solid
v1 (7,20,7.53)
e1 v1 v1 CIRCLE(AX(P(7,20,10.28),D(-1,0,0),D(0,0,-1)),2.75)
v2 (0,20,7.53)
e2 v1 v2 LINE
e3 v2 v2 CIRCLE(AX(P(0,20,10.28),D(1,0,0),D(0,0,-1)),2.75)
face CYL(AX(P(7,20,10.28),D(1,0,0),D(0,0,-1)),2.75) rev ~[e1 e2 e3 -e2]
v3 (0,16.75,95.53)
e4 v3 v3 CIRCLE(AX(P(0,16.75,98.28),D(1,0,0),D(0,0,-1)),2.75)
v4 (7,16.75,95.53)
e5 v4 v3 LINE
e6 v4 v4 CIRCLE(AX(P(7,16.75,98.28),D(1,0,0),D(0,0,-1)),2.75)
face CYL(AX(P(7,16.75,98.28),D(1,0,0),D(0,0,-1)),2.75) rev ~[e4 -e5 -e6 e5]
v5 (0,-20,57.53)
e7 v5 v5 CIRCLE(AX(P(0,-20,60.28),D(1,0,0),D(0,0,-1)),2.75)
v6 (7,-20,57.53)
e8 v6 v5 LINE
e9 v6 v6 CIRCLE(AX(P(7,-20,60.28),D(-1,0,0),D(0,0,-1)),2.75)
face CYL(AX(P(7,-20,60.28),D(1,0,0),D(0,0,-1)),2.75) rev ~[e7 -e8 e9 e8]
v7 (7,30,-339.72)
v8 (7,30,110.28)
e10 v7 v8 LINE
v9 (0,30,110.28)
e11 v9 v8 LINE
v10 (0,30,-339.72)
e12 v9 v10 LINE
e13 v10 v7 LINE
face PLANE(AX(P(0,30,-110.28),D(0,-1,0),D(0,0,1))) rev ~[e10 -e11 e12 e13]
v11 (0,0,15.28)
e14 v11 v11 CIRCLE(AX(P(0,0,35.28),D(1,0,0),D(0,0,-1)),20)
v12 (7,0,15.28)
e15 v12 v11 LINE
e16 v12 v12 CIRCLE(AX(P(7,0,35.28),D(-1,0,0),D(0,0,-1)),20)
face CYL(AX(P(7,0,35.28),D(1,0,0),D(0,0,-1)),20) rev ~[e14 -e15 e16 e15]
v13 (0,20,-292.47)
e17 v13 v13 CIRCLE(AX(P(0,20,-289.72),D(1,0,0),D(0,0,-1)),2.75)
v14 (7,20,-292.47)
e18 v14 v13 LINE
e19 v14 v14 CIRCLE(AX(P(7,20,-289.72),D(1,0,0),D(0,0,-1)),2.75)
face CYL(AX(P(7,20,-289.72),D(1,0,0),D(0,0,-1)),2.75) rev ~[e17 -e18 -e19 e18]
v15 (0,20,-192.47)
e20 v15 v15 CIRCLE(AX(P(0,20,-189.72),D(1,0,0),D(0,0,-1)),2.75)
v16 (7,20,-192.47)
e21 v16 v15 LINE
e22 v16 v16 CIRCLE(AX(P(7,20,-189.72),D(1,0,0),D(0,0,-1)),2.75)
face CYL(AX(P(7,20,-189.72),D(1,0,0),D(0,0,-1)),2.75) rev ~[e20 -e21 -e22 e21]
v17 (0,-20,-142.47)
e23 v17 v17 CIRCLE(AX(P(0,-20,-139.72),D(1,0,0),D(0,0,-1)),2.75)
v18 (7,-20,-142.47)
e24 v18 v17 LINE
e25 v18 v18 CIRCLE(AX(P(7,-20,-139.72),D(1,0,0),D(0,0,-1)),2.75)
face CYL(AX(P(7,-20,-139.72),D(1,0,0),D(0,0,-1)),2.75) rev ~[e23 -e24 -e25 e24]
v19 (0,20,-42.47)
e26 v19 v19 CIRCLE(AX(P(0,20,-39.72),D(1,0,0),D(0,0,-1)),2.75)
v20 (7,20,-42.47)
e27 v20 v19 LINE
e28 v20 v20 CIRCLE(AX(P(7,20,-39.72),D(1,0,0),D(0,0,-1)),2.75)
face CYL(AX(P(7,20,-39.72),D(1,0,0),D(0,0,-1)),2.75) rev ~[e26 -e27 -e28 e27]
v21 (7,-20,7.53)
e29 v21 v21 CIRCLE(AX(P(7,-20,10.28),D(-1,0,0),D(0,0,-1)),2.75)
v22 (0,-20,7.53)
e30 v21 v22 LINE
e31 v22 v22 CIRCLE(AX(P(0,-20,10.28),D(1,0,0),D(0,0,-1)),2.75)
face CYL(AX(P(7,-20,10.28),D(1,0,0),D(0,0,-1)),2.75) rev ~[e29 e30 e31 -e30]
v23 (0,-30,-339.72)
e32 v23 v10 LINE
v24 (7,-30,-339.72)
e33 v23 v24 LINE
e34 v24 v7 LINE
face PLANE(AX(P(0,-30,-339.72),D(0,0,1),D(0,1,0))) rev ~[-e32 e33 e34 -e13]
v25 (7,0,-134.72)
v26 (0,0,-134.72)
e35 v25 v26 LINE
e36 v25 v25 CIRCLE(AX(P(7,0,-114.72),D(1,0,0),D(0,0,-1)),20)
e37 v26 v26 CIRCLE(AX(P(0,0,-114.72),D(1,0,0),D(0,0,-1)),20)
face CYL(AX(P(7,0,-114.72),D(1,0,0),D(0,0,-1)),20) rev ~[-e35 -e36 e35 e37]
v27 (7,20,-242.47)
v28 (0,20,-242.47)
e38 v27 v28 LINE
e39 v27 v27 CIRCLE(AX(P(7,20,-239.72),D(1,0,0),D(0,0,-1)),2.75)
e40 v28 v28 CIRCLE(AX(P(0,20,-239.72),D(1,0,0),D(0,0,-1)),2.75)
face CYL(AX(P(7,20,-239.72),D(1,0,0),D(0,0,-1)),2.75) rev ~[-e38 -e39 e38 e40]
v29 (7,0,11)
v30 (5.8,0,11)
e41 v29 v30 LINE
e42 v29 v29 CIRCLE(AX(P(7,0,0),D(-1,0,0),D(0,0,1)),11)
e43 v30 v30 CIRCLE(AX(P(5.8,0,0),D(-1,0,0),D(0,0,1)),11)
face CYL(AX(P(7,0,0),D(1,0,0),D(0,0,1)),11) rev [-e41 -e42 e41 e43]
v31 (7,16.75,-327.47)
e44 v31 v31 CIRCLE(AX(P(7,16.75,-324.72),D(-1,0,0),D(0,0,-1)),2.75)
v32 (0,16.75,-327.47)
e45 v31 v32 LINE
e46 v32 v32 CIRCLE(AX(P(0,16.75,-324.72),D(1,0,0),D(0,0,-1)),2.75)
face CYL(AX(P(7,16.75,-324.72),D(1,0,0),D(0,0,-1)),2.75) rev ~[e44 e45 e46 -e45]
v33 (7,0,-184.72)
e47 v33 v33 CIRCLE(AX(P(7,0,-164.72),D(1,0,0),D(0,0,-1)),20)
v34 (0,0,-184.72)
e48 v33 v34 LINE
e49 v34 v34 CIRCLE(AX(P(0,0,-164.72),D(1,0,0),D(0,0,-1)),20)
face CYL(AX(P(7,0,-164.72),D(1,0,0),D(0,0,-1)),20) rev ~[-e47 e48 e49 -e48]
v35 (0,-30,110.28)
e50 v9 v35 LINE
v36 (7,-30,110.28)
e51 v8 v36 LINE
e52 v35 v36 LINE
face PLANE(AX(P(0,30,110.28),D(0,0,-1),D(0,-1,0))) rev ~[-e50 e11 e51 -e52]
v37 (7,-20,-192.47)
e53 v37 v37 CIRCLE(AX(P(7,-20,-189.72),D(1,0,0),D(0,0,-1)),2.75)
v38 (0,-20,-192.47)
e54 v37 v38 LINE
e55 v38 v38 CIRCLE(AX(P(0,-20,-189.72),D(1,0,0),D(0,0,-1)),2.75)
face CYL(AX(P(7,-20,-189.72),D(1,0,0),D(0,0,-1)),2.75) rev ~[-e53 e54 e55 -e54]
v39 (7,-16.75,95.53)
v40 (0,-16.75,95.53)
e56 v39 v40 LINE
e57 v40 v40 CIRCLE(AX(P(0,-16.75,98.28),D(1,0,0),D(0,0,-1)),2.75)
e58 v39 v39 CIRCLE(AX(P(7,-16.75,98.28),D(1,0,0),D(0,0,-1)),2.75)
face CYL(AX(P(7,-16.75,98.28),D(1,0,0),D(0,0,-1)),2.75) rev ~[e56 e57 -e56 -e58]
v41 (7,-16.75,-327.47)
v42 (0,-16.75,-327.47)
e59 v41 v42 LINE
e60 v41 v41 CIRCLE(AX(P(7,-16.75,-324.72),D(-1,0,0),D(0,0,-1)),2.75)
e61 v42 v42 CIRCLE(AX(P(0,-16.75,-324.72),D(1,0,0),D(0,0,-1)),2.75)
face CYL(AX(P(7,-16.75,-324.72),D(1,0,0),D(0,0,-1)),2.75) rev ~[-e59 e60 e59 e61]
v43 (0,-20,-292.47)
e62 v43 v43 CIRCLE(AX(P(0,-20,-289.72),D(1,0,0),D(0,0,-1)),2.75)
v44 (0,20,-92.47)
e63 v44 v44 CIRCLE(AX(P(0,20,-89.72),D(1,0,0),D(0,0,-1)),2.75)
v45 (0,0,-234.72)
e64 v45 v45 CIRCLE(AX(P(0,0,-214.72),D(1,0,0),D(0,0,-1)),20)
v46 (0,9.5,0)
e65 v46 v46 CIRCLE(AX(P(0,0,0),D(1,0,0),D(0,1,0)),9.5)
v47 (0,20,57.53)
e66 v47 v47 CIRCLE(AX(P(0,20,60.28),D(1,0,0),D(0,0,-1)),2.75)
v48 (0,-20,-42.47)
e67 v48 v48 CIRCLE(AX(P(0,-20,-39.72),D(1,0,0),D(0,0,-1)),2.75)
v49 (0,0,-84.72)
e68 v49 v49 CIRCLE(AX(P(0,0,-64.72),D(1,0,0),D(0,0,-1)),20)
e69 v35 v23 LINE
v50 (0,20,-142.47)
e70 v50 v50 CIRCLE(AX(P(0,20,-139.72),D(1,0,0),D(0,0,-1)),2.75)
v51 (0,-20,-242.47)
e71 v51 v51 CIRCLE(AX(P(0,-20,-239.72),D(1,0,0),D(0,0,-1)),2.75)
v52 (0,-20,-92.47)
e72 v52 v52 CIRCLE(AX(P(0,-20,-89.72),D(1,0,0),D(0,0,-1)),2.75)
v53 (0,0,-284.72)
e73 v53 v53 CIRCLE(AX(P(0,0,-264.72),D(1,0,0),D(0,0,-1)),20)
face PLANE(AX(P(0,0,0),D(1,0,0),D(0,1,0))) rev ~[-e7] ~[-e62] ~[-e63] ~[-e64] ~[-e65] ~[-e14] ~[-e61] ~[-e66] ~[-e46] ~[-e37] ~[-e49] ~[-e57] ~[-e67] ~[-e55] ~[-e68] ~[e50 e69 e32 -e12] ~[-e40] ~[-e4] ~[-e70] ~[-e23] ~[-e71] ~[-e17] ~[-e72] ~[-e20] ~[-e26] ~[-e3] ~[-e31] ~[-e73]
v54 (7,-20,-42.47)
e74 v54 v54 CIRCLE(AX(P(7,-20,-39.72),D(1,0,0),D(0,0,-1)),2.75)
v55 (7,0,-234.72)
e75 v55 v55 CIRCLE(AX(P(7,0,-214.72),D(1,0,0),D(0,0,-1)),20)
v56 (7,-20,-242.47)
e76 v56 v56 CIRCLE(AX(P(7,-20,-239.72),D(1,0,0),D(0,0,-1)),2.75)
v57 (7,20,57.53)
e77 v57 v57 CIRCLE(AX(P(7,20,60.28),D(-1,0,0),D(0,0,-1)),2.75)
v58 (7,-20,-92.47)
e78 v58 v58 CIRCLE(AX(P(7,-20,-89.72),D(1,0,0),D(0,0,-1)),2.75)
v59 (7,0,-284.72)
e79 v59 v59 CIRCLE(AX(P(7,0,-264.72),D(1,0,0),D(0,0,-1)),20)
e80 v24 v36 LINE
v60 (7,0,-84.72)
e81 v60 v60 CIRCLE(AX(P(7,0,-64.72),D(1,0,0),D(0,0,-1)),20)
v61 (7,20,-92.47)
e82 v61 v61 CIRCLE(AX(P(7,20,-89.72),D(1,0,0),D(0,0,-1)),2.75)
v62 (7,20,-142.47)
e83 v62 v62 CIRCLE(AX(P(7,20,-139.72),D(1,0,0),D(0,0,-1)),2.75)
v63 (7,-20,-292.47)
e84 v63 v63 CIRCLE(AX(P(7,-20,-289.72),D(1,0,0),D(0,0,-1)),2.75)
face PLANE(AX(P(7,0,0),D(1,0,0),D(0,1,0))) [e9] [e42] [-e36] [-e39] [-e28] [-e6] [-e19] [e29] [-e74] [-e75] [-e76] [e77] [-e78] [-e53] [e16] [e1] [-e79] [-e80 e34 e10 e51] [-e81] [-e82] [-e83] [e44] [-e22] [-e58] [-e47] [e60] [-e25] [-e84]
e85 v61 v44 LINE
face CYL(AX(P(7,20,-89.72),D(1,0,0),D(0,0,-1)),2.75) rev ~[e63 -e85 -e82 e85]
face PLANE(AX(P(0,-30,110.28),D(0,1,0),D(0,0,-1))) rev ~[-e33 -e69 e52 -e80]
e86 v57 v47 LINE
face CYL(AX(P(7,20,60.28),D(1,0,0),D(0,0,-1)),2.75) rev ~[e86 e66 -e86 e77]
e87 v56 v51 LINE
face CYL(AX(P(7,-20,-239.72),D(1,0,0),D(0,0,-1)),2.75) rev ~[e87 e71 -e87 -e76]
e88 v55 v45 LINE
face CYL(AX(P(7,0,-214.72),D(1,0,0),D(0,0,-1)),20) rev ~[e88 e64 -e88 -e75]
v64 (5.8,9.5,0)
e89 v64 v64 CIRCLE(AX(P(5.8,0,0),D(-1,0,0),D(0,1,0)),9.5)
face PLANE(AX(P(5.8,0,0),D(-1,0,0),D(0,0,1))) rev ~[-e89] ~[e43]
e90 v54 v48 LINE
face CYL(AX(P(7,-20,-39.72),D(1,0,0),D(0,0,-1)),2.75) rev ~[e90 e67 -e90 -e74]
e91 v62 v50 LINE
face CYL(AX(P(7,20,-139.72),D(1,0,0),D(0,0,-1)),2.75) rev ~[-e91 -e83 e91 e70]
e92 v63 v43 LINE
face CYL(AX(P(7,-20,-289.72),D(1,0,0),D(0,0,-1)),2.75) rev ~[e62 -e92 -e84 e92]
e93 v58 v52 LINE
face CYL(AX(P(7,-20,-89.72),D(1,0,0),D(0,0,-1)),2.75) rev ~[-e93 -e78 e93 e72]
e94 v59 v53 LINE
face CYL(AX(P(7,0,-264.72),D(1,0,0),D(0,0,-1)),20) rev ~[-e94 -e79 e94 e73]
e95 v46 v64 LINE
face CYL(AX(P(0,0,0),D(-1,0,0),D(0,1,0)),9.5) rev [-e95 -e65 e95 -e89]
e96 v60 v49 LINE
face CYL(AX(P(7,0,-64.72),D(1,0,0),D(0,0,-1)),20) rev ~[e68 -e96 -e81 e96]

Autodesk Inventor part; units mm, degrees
ref_plane "YZ Plane" through (0, 0, 0) normal (1, 0, 0) x (0, 1, 0)
ref_plane "XZ Plane" through (0, 0, 0) normal (0, 1, 0) x (-1, 0, 0)
ref_plane "XY Plane" through (0, 0, 0) normal (0, 0, 1) x (1, 0, 0)
sketch "Sketch1" plane through (0, 0, 0) normal (1, 0, 0) x (0, 1, 0)
  circle A0 centre (0, 0) radius 9.5
  line L0 (-30, -110.28) -> (30, -110.28)
  line L1 (30, -110.28) -> (30, 110.28)
  line L2 (30, 110.28) -> (-30, 110.28)
  line L3 (-30, 110.28) -> (-30, -110.28)
  line L4 (-30, -110.28) -> (30, 110.28) construction
  line L5 (30, -110.28) -> (-30, 110.28) construction
  line L6 (30, -110.28) -> (-30, -110.28)
  line L7 (-30, -110.28) -> (-30, -339.72)
  line L8 (-30, -339.72) -> (30, -339.72)
  line L9 (30, -339.72) -> (30, -110.28)
  circle A1 centre (0, -311.7) radius 3.25
  dimension "d0" = 19
  dimension "d1" = 60
  dimension "d2" = 220.56
  dimension "d5" = 60
  dimension "d6" = 229.44
  dimension "d8" = 6.5
  dimension "d9" = 28.02
  dimension "d10" = 30
extrude "Extrusion1" add sketch "Sketch1" along normal blind 7 contours L3 L2 L1 L0 | L0 L9 L8 L7 | A1
sketch "Sketch2" plane through (7, 0, 0) normal (-1, 0, 0) x (0, 0, 1)
  circle A0 centre (0, 0) radius 11
  dimension "d11" = 22
extrude "Extrusion2" cut sketch "Sketch2" along normal blind 1.2
sketch "Sketch3" plane through (7, 0, 0) normal (1, 0, 0) x (0, 0, -1)
  circle A0 centre (-98.28, 16.75) radius 2.75
  circle A1 centre (-98.28, -16.75) radius 2.75
  circle A2 centre (324.72, 16.75) radius 2.75
  circle A3 centre (324.72, -16.75) radius 2.75
  line L0 (-110.28, -30) -> (339.72, -30) projected
  line L1 (339.72, 30) -> (-110.28, 30) projected
  line L2 (339.72, -30) -> (339.72, 30) projected
  line L3 (-110.28, 30) -> (-110.28, -30) projected
  line L4 (339.72, -30) -> (309.72, -30)
  line L5 (309.72, -30) -> (309.72, 30)
  line L6 (309.72, 30) -> (339.72, 30)
  line L7 (339.72, 30) -> (339.72, -30)
  line L8 (-110.28, -30) -> (-80.28, -30)
  line L9 (-80.28, -30) -> (-80.28, 30)
  line L10 (-80.28, 30) -> (-110.28, 30)
  line L11 (-110.28, 30) -> (-110.28, -30)
  circle A4 centre (-35.28, 0) radius 20
  line L12 (-60.28, -20) -> (-10.28, -20)
  line L13 (-10.28, -20) -> (-10.28, 20)
  line L14 (-10.28, 20) -> (-60.28, 20)
  line L15 (-60.28, 20) -> (-60.28, -20)
  line L16 (-60.28, -20) -> (-10.28, 20) construction
  line L17 (-10.28, -20) -> (-60.28, 20) construction
  circle A5 centre (-60.28, 20) radius 2.75
  circle A6 centre (-10.28, 20) radius 2.75
  circle A7 centre (-60.28, -20) radius 2.75
  circle A8 centre (-10.28, -20) radius 2.75
  circle A9 centre (-10.28, 20) radius 2.75
  circle A10 centre (-10.28, -20) radius 2.75
  circle A11 centre (14.72, 0) radius 20
  circle A12 centre (39.72, 20) radius 2.75
  circle A13 centre (39.72, -20) radius 2.75
  circle A14 centre (39.72, 20) radius 2.75
  circle A15 centre (39.72, -20) radius 2.75
  circle A16 centre (64.72, 0) radius 20
  circle A17 centre (89.72, 20) radius 2.75
  circle A18 centre (89.72, -20) radius 2.75
  circle A19 centre (89.72, 20) radius 2.75
  circle A20 centre (89.72, -20) radius 2.75
  circle A21 centre (114.72, 0) radius 20
  circle A22 centre (139.72, 20) radius 2.75
  circle A23 centre (139.72, -20) radius 2.75
  circle A24 centre (139.72, 20) radius 2.75
  circle A25 centre (139.72, -20) radius 2.75
  circle A26 centre (164.72, 0) radius 20
  circle A27 centre (189.72, 20) radius 2.75
  circle A28 centre (189.72, -20) radius 2.75
  circle A29 centre (189.72, 20) radius 2.75
  circle A30 centre (189.72, -20) radius 2.75
  circle A31 centre (214.72, 0) radius 20
  circle A32 centre (239.72, 20) radius 2.75
  circle A33 centre (239.72, -20) radius 2.75
  circle A34 centre (239.72, 20) radius 2.75
  circle A35 centre (239.72, -20) radius 2.75
  circle A36 centre (264.72, 0) radius 20
  circle A37 centre (289.72, 20) radius 2.75
  circle A38 centre (289.72, -20) radius 2.75
  circle A39 centre (289.72, 20) radius 2.75
  circle A40 centre (289.72, -20) radius 2.75
  circle A41 centre (314.72, 0) radius 20
  circle A42 centre (339.72, 20) radius 2.75
  circle A43 centre (339.72, -20) radius 2.75
  circle A44 centre (339.72, 20) radius 2.75
  circle A45 centre (339.72, -20) radius 2.75
  circle A46 centre (364.72, 0) radius 20
  circle A47 centre (389.72, 20) radius 2.75
  circle A48 centre (389.72, -20) radius 2.75
  circle A49 centre (389.72, 20) radius 2.75
  circle A50 centre (389.72, -20) radius 2.75
  circle A51 centre (414.72, 0) radius 20
  circle A52 centre (439.72, 20) radius 2.75
  circle A53 centre (439.72, -20) radius 2.75
  point P0 (0, 0)
  dimension "d14" = 5.5
  dimension "d15" = 5.5
  dimension "d16" = 5.5
  dimension "d17" = 5.5
  dimension "d18" = 13.25
  dimension "d19" = 13.25
  dimension "d20" = 15
  dimension "d21" = 15
  dimension "d22" = 13.25
  dimension "d23" = 12
  dimension "d24" = 12
  dimension "d25" = 13.25
  dimension "d26" = 30
  dimension "d27" = 30
  dimension "d28" = 60
  dimension "d29" = 40
  dimension "d30" = 50
  dimension "d31" = 40
  dimension "d32" = 75
  dimension "d33" = 10
  dimension "d34" = 5.5
  dimension "d35" = 5.5
  dimension "d36" = 5.5
  dimension "d37" = 5.5
  dimension "d40" = 50
extrude "Extrusion3" cut sketch "Sketch3" against normal blind 10 contours A0 | A1 | A2 A41 | A41 A2 | A41 A3 | A3 A41 | A4 | A6 L13 L14 | L14 L13 A6 | A5 L15 L14 | L14 L15 A5 | A7 L15 L12 | L12 L15 A7 | A8 L13 L12 | L12 L13 A8 | A12 | A13 | A16 | A17 | A18 | A21 | A22 | A23 | A26 | A27 | A28 | A31 | A32 | A33 | A36 | A37 | A38
properties part number "Outer Plate Module" material "Aluminum 6061"
